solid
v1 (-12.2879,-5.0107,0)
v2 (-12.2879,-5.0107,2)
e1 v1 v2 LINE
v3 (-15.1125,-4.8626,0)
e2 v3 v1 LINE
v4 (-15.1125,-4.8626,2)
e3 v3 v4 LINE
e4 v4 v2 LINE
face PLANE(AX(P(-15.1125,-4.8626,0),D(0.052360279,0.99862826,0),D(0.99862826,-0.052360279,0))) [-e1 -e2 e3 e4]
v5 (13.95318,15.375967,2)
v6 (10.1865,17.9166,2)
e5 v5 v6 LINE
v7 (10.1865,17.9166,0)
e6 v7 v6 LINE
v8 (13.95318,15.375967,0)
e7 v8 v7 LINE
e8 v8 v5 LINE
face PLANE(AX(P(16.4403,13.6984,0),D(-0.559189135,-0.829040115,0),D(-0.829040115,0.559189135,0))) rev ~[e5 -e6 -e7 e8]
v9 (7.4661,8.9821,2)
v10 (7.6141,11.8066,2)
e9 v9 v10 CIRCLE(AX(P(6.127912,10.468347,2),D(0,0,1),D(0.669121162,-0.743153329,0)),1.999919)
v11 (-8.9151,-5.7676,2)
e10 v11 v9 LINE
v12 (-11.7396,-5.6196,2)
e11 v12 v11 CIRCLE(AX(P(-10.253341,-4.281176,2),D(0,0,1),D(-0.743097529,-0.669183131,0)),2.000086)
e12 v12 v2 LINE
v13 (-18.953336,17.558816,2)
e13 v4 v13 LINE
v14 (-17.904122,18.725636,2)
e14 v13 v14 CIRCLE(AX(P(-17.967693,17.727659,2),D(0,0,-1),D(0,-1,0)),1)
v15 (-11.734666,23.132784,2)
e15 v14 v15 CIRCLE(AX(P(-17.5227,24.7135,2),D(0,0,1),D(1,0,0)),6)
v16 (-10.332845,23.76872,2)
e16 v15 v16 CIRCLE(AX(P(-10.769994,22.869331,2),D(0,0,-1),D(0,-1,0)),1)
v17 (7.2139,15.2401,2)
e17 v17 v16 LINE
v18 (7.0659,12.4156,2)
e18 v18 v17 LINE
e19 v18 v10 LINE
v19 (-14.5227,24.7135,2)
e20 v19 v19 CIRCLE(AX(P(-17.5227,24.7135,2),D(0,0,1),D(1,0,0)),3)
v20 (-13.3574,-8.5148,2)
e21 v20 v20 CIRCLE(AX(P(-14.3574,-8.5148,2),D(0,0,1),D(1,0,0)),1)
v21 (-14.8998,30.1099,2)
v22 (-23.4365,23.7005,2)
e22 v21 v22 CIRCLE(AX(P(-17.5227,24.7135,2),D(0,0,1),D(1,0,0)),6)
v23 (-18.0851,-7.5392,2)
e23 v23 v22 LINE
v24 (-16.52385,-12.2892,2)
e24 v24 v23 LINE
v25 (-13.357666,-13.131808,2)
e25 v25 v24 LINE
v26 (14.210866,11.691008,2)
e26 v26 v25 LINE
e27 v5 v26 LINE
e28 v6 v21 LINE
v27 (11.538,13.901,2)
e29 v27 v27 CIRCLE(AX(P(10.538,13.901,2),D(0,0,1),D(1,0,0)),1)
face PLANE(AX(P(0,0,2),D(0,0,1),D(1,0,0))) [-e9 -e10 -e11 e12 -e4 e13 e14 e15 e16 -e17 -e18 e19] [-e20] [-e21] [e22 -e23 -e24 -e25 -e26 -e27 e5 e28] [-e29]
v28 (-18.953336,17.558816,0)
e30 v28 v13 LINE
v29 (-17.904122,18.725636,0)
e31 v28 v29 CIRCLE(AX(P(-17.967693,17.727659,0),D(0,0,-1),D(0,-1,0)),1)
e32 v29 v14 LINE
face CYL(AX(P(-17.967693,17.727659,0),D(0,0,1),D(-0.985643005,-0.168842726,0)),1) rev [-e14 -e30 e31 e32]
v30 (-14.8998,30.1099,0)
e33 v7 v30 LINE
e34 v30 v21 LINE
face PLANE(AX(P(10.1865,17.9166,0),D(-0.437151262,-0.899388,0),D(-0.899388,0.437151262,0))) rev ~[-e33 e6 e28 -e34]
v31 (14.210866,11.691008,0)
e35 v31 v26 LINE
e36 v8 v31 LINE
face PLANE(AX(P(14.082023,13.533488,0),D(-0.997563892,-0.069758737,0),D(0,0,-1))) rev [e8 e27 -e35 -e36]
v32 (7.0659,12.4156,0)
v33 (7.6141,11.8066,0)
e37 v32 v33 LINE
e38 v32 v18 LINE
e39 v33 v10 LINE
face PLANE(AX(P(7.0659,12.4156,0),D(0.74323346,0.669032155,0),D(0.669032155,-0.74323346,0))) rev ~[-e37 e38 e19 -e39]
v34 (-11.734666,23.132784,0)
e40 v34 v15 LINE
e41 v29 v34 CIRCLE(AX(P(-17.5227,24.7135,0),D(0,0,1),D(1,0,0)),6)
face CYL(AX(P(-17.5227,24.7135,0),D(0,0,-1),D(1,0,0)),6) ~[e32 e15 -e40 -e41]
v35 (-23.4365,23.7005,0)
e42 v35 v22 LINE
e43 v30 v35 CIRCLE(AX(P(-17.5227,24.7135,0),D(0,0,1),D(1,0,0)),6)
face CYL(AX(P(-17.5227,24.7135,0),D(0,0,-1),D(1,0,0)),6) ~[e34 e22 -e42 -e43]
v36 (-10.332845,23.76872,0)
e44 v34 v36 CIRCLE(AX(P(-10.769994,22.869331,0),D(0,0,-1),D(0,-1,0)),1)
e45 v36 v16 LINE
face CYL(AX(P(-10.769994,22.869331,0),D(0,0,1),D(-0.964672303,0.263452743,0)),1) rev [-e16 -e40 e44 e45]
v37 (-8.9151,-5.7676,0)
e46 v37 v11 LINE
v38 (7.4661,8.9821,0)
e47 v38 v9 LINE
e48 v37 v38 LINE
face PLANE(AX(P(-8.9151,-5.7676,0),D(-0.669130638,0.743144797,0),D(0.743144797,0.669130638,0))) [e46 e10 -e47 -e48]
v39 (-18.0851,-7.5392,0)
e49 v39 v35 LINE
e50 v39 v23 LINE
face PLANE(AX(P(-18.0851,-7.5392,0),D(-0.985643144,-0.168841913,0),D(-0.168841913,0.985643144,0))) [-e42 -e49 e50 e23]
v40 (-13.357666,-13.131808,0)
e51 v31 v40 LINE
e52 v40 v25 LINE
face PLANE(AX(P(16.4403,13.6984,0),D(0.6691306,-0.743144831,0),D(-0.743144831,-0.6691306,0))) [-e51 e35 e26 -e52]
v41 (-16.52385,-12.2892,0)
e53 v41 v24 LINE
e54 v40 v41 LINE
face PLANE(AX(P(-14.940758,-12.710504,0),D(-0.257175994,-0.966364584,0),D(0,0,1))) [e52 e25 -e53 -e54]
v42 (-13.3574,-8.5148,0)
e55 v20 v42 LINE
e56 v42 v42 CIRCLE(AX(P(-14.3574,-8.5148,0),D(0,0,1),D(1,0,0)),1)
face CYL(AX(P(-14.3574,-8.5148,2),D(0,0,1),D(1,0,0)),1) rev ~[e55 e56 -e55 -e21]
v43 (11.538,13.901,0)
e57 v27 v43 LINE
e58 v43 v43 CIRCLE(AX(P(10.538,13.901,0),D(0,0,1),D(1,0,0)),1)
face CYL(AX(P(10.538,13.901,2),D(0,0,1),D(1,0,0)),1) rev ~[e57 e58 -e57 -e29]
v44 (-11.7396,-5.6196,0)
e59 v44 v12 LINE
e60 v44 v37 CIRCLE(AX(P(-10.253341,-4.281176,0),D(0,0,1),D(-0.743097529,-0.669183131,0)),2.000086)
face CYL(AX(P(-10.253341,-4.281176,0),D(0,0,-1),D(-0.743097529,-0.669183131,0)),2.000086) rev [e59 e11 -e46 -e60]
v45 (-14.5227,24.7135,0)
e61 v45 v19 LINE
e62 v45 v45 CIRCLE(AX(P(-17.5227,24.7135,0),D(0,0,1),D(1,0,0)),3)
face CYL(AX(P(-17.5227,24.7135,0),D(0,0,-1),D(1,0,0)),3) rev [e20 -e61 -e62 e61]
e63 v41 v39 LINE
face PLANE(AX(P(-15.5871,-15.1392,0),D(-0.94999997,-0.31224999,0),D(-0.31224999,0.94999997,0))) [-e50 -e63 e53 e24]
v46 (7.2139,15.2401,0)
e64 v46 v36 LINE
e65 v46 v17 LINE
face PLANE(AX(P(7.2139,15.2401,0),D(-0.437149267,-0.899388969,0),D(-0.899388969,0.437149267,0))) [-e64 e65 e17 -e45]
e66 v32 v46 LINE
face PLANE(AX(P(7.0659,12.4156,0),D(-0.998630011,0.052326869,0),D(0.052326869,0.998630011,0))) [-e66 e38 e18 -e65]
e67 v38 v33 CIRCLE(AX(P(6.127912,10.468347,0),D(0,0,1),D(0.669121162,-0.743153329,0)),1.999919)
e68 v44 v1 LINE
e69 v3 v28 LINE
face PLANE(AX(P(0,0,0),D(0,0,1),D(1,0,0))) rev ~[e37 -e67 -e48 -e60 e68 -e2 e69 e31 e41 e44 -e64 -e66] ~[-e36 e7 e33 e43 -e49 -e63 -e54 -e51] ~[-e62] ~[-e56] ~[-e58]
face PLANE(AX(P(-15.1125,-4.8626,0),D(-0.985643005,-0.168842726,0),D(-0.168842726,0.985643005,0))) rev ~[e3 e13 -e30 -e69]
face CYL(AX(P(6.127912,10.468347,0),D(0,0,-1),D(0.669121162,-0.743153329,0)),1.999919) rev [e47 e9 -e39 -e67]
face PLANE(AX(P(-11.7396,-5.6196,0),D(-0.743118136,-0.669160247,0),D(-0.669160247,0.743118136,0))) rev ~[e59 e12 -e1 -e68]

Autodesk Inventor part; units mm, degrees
ref_plane "YZ Plane" through (0, 0, 0) normal (1, 0, 0) x (0, 1, 0)
ref_plane "XZ Plane" through (0, 0, 0) normal (0, 1, 0) x (-1, 0, 0)
ref_plane "XY Plane" through (0, 0, 0) normal (0, 0, 1) x (1, 0, 0)
sketch "Sketch1" plane through (0, 0, 0) normal (0, 0, 1) x (1, 0, 0)
  circle A0 centre (10.538, 13.901) radius 1.5 projected
  circle A1 centre (-14.3574, -8.5148) radius 1.5 projected
  line L0 (-15.1125, -4.8626) -> (-12.2879, -5.0107) projected
  line L1 (-15.1125, -4.8626) -> (-18.0851, -7.5392) projected
  line L2 (-15.5871, -15.1392) -> (-18.0851, -7.5392) projected
  line L3 (16.4403, 13.6984) -> (-15.5871, -15.1392) projected
  line L4 (16.4403, 13.6984) -> (10.1865, 17.9166) projected
  line L5 (10.1865, 17.9166) -> (7.2139, 15.2401) projected
  line L6 (7.0659, 12.4156) -> (7.2139, 15.2401) projected
  line L7 (7.0659, 12.4156) -> (7.6141, 11.8066) projected
  arc A2 (7.4661, 8.9821) -> (7.6141, 11.8066) centre (6.1278, 10.4684) ccw projected
  line L8 (-8.9151, -5.7676) -> (7.4661, 8.9821) projected
  arc A3 (-11.7396, -5.6196) -> (-8.9151, -5.7676) centre (-10.2534, -4.2813) ccw projected
  line L9 (-11.7396, -5.6196) -> (-12.2879, -5.0107) projected
  circle A4 centre (-17.5227, 24.7135) radius 1.5 projected
  circle A5 centre (-17.5227, 24.7135) radius 3
  circle A6 centre (-17.5227, 24.7135) radius 6
  line L10 (-18.0851, -7.5392) -> (-23.4365, 23.7005)
  line L11 (10.1865, 17.9166) -> (-14.8998, 30.1099)
  line L12 (-15.1125, -4.8626) -> (-19.1917, 18.9503)
  line L13 (7.2139, 15.2401) -> (-11.5335, 24.3523)
  point P0 (0, 0)
  dimension "d0" = 6
  dimension "d1" = 12
extrude "Extrusion1" add sketch "Sketch1" along normal blind 2 contours L0 L9 A3 L8 A2 L7 L6 L5 L4 L3 L2 L1 | L1 L10 A6 L12 | A6 | A6 L11 L5 L13
chamfer "Chamfer1" distance 3 angle 45 2 edges at (16.4403, 13.6984, 1) (-15.5871, -15.1392, 1)
sketch "Sketch2" plane through (0, 0, 2) normal (0, 0, 1) x (1, 0, 0)
  line L0 (-13.3576, -13.1318) -> (-16.5238, -12.2892) projected
  line L1 (-13.3576, -13.1318) -> (14.2108, 11.691) projected
  line L2 (13.9532, 15.376) -> (14.2108, 11.691) projected
  line L3 (13.9532, 15.376) -> (10.1865, 17.9166) projected
  line L4 (10.1865, 17.9166) -> (-14.8998, 30.1099) projected
  arc A0 (-14.8998, 30.1099) -> (-23.4365, 23.7005) centre (-17.5227, 24.7135) ccw projected
  line L5 (-23.4365, 23.7005) -> (-18.0851, -7.5392) projected
  line L6 (-18.0851, -7.5392) -> (-16.5238, -12.2892) projected
  circle A1 centre (-17.5227, 24.7135) radius 3 projected
  circle A2 centre (10.538, 13.901) radius 1.5 projected
  circle A3 centre (-14.3574, -8.5148) radius 1.5 projected
  line L7 (-15.1125, -4.8626) -> (-19.1917, 18.9503) projected
  arc A4 (-19.1917, 18.9503) -> (-11.5335, 24.3523) centre (-17.5227, 24.7135) ccw projected
  line L8 (-11.5335, 24.3523) -> (7.2139, 15.2401) projected
  line L9 (7.2139, 15.2401) -> (7.0659, 12.4156) projected
  line L10 (7.0659, 12.4156) -> (7.6141, 11.8066) projected
  arc A5 (7.4661, 8.9821) -> (7.6141, 11.8066) centre (6.1278, 10.4684) ccw projected
  line L11 (7.4661, 8.9821) -> (-8.9151, -5.7676) projected
  arc A6 (-11.7396, -5.6196) -> (-8.9151, -5.7676) centre (-10.2534, -4.2813) ccw projected
  line L12 (-11.7396, -5.6196) -> (-12.2879, -5.0107) projected
  line L13 (-12.2879, -5.0107) -> (-15.1125, -4.8626) projected
  circle A7 centre (-14.3574, -8.5148) radius 1.5 projected
  circle A8 centre (-14.3574, -8.5148) radius 1
  circle A9 centre (10.538, 13.901) radius 1
  point P0 (0, 0)
  dimension "d7" = 2
  dimension "d8" = 2
extrude "Extrusion2" add sketch "Sketch2" against normal blind 2 contours A2 | A3
fillet "Fillet1" radius 1 2 edges at (-19.1917, 18.9503, 1) (-11.5335, 24.3523, 1)
properties part number "stand_3"
